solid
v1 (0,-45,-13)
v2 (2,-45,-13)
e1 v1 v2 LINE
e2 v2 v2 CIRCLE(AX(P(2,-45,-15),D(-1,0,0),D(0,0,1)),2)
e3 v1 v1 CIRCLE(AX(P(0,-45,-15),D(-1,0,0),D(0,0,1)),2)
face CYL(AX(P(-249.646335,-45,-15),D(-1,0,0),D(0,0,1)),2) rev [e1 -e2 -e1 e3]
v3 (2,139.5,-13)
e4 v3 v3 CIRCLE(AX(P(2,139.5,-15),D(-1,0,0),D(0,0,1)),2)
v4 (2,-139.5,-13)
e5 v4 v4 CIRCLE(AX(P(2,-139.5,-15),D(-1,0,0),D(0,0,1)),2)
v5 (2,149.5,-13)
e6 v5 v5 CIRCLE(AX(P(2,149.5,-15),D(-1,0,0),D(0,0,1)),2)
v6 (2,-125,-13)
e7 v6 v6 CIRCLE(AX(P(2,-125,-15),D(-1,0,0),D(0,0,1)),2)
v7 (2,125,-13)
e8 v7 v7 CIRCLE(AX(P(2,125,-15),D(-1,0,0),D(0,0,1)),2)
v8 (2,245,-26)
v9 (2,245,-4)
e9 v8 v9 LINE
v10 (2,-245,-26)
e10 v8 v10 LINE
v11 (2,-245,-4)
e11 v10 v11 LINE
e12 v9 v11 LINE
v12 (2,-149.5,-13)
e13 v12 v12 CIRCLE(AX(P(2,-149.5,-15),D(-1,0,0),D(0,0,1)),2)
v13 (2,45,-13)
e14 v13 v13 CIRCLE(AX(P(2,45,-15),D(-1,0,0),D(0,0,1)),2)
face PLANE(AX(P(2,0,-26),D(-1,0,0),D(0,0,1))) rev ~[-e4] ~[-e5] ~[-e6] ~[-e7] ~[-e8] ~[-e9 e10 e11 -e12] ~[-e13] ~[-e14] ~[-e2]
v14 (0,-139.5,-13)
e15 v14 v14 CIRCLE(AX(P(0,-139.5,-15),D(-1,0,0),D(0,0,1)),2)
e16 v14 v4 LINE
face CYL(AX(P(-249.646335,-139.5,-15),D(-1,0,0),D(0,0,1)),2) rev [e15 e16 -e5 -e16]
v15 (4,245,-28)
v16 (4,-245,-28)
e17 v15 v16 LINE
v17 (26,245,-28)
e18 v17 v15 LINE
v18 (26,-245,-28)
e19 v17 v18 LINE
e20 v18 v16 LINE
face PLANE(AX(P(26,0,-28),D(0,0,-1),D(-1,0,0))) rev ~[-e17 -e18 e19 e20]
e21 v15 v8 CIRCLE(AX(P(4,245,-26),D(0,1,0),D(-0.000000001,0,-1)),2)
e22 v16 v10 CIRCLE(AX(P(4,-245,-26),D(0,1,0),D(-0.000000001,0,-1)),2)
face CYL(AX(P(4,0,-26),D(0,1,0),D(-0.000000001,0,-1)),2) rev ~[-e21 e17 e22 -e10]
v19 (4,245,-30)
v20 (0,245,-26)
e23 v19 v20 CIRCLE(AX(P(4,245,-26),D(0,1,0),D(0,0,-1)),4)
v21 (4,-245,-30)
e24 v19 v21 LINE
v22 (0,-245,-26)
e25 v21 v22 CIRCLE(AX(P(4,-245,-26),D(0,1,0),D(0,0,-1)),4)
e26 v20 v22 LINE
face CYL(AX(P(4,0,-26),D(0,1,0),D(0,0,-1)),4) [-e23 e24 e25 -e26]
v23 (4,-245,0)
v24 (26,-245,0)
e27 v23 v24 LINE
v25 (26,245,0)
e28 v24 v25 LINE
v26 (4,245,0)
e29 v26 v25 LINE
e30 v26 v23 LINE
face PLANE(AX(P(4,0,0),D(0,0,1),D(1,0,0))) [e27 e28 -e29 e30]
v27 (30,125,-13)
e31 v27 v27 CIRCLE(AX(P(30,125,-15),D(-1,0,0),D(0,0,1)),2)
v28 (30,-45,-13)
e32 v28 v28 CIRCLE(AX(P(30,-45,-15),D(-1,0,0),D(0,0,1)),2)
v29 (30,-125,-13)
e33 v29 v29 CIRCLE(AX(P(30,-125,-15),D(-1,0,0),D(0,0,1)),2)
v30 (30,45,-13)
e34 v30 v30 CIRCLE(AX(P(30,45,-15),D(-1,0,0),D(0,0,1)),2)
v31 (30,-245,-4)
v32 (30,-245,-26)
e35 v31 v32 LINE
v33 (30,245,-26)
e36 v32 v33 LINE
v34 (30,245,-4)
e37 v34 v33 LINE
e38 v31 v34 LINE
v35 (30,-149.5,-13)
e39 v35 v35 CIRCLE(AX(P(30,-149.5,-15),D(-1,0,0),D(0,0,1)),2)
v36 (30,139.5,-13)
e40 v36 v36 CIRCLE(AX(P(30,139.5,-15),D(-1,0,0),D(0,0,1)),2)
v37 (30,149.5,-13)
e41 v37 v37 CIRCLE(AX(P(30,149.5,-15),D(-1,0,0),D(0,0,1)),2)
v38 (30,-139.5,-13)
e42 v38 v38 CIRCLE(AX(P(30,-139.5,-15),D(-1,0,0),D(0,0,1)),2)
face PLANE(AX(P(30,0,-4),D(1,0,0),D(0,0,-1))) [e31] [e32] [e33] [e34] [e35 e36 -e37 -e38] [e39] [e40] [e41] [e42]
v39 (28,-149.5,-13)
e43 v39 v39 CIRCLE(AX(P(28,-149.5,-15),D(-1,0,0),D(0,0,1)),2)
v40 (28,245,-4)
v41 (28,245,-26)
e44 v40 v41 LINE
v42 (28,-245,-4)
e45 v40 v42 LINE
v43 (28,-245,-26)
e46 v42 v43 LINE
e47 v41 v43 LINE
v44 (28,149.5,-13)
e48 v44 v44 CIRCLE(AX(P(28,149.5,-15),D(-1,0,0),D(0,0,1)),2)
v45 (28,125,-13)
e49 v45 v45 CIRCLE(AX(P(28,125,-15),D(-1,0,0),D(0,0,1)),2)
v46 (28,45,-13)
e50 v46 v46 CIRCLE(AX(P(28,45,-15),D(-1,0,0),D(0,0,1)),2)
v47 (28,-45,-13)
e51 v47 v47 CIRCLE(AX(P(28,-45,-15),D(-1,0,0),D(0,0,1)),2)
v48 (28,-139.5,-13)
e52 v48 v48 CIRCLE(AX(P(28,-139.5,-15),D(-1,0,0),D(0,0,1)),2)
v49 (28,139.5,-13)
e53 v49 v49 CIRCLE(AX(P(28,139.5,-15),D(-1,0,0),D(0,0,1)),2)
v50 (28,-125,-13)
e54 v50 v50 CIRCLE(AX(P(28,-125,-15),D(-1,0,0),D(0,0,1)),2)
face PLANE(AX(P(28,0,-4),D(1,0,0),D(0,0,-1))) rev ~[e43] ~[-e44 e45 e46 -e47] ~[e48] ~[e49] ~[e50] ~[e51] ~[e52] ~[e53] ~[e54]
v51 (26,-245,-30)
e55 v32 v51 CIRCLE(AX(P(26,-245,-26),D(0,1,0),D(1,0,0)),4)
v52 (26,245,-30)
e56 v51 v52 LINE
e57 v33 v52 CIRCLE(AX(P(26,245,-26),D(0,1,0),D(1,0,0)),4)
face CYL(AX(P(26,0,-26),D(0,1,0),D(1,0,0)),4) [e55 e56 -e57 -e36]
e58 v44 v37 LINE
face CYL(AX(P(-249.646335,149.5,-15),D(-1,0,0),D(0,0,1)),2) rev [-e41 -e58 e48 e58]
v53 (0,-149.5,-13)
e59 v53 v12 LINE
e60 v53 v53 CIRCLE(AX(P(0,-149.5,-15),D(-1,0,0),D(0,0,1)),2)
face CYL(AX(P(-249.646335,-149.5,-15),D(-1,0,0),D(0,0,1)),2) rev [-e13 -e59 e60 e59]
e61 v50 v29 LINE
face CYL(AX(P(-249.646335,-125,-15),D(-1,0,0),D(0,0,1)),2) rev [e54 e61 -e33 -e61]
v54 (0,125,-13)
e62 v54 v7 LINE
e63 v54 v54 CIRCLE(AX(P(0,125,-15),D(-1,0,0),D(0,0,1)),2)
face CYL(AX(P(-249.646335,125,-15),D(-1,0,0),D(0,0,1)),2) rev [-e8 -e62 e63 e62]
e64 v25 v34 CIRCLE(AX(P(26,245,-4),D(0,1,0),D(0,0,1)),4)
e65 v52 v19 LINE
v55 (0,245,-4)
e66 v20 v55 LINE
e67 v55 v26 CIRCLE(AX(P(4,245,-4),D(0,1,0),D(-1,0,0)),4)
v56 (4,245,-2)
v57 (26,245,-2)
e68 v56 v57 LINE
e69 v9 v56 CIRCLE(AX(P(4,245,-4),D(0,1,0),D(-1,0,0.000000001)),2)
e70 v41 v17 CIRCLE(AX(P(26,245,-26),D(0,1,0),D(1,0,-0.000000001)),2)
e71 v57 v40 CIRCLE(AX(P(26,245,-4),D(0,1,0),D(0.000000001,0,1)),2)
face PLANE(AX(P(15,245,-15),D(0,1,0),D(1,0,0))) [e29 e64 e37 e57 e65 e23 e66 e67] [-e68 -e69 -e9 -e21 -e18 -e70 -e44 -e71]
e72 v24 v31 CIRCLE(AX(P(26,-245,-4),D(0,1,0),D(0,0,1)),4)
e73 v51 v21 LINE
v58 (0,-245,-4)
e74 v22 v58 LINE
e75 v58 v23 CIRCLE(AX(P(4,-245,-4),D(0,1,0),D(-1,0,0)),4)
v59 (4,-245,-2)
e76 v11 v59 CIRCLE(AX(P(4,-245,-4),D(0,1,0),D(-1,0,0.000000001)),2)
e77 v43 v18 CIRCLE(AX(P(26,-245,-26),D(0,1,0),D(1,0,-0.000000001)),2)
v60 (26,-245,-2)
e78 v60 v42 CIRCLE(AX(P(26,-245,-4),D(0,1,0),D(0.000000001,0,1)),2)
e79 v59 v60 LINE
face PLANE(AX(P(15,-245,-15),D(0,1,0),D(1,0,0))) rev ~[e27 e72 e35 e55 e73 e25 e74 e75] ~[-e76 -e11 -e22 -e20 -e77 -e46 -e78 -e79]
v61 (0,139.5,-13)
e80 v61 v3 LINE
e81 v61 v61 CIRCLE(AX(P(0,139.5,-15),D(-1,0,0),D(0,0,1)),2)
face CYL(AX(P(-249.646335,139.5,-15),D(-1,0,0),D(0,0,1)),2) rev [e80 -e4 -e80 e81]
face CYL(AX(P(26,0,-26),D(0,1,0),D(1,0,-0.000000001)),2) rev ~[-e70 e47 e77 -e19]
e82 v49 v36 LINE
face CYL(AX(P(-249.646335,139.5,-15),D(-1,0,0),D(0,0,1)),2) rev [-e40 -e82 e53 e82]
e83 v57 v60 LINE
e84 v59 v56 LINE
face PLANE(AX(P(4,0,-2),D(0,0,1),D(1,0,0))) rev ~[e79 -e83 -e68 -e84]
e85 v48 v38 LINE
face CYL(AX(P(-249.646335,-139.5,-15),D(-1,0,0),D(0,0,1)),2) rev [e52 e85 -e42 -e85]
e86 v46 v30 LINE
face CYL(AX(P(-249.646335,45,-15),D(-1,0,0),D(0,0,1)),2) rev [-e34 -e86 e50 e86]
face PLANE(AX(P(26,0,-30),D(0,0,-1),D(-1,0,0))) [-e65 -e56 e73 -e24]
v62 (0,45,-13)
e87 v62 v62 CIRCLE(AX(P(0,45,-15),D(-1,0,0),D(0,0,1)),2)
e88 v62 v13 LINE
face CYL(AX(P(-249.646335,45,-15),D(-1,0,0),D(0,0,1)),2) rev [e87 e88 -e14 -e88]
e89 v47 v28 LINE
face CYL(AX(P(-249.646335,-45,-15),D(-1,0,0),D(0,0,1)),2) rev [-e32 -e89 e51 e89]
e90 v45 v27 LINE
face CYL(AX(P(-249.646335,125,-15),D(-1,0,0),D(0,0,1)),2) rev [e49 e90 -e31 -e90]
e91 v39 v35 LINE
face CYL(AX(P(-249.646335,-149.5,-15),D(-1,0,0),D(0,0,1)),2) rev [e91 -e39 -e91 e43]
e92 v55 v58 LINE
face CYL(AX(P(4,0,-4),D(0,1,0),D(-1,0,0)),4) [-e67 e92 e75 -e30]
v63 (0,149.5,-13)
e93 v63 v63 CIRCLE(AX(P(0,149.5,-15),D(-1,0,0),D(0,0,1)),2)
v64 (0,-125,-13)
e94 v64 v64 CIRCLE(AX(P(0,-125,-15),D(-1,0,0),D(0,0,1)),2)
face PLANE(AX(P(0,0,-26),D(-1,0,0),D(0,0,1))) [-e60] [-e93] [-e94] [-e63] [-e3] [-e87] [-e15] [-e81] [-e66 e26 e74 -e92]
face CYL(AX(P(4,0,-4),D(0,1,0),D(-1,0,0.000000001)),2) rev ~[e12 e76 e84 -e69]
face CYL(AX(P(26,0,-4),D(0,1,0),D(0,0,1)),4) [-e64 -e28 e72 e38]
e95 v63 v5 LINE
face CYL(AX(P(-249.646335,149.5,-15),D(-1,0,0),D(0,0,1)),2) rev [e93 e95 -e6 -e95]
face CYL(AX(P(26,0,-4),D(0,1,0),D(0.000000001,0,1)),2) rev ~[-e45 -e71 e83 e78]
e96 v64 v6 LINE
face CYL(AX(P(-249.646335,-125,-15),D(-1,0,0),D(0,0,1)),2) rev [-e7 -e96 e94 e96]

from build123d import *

# Parameters (mm, degrees)
EXTRUDE_1_DEPTH          = 245
CUT_EXTRUDE_2_DEPTH      = 249.646335183
CUT_EXTRUDE_2_DEPTH_BACK = 249.646335183
SKETCH_3_R               = 2


with BuildPart() as part:
    # 草图1 → 凸台-拉伸1 (new, symmetric)
    with BuildSketch(Plane(origin=(0, 0, 0), x_dir=(1, 0, 0), z_dir=(0, 1, 0))):
        with BuildLine():
            Line((4, 0), (26, 0))
            ThreePointArc((26, 0), (28.828427125, 1.171572875), (30, 4))
            Line((30, 4), (30, 26))
            ThreePointArc((30, 26), (28.828427125, 28.828427125), (26, 30))
            Line((26, 30), (4, 30))
            ThreePointArc((4, 30), (1.171572875, 28.828427125), (0, 26))
            Line((0, 26), (0, 4))
            ThreePointArc((0, 4), (1.171572875, 1.171572875), (4, 0))
        make_face()
        with BuildLine():
            Line((4, 2), (26, 2))
            ThreePointArc((26, 2), (27.414213562, 2.585786438), (28, 4))
            Line((28, 4), (28, 26))
            ThreePointArc((28, 26), (27.414213562, 27.414213562), (26, 28))
            Line((26, 28), (4, 28))
            ThreePointArc((4, 28), (2.585786438, 27.414213562), (2, 26))
            Line((2, 26), (2, 4))
            ThreePointArc((2, 4), (2.585786438, 2.585786438), (4, 2))
        make_face(mode=Mode.SUBTRACT)
    extrude(amount=EXTRUDE_1_DEPTH, both=True)

    # 草图3 → 切除-拉伸2 (cut, two sides: drawn at the far end of the back side and taken through both)
    with BuildSketch(Plane(origin=(0, 0, 0), x_dir=(0, 0, -1), z_dir=(1, 0, 0)).offset(-CUT_EXTRUDE_2_DEPTH_BACK)):
        with Locations(Location((15, -149.5, 0), (0, 0, 180))):
            Circle(SKETCH_3_R)
        with Locations(Location((15, -139.5, 0), (0, 0, 180))):
            Circle(SKETCH_3_R)
        with Locations(Location((15, 139.5, 0), (0, 0, 180))):
            Circle(SKETCH_3_R)
        with Locations(Location((15, 149.5, 0), (0, 0, 180))):
            Circle(SKETCH_3_R)
        with Locations(Location((15, 125, 0), (0, 0, 180))):
            Circle(SKETCH_3_R)
        with Locations(Location((15, 45, 0), (0, 0, 180))):
            Circle(SKETCH_3_R)
        with Locations(Location((15, -45, 0), (0, 0, 180))):
            Circle(SKETCH_3_R)
        with Locations(Location((15, -125, 0), (0, 0, 180))):
            Circle(SKETCH_3_R)
    extrude(amount=CUT_EXTRUDE_2_DEPTH + CUT_EXTRUDE_2_DEPTH_BACK, mode=Mode.SUBTRACT)


solid = part.part
